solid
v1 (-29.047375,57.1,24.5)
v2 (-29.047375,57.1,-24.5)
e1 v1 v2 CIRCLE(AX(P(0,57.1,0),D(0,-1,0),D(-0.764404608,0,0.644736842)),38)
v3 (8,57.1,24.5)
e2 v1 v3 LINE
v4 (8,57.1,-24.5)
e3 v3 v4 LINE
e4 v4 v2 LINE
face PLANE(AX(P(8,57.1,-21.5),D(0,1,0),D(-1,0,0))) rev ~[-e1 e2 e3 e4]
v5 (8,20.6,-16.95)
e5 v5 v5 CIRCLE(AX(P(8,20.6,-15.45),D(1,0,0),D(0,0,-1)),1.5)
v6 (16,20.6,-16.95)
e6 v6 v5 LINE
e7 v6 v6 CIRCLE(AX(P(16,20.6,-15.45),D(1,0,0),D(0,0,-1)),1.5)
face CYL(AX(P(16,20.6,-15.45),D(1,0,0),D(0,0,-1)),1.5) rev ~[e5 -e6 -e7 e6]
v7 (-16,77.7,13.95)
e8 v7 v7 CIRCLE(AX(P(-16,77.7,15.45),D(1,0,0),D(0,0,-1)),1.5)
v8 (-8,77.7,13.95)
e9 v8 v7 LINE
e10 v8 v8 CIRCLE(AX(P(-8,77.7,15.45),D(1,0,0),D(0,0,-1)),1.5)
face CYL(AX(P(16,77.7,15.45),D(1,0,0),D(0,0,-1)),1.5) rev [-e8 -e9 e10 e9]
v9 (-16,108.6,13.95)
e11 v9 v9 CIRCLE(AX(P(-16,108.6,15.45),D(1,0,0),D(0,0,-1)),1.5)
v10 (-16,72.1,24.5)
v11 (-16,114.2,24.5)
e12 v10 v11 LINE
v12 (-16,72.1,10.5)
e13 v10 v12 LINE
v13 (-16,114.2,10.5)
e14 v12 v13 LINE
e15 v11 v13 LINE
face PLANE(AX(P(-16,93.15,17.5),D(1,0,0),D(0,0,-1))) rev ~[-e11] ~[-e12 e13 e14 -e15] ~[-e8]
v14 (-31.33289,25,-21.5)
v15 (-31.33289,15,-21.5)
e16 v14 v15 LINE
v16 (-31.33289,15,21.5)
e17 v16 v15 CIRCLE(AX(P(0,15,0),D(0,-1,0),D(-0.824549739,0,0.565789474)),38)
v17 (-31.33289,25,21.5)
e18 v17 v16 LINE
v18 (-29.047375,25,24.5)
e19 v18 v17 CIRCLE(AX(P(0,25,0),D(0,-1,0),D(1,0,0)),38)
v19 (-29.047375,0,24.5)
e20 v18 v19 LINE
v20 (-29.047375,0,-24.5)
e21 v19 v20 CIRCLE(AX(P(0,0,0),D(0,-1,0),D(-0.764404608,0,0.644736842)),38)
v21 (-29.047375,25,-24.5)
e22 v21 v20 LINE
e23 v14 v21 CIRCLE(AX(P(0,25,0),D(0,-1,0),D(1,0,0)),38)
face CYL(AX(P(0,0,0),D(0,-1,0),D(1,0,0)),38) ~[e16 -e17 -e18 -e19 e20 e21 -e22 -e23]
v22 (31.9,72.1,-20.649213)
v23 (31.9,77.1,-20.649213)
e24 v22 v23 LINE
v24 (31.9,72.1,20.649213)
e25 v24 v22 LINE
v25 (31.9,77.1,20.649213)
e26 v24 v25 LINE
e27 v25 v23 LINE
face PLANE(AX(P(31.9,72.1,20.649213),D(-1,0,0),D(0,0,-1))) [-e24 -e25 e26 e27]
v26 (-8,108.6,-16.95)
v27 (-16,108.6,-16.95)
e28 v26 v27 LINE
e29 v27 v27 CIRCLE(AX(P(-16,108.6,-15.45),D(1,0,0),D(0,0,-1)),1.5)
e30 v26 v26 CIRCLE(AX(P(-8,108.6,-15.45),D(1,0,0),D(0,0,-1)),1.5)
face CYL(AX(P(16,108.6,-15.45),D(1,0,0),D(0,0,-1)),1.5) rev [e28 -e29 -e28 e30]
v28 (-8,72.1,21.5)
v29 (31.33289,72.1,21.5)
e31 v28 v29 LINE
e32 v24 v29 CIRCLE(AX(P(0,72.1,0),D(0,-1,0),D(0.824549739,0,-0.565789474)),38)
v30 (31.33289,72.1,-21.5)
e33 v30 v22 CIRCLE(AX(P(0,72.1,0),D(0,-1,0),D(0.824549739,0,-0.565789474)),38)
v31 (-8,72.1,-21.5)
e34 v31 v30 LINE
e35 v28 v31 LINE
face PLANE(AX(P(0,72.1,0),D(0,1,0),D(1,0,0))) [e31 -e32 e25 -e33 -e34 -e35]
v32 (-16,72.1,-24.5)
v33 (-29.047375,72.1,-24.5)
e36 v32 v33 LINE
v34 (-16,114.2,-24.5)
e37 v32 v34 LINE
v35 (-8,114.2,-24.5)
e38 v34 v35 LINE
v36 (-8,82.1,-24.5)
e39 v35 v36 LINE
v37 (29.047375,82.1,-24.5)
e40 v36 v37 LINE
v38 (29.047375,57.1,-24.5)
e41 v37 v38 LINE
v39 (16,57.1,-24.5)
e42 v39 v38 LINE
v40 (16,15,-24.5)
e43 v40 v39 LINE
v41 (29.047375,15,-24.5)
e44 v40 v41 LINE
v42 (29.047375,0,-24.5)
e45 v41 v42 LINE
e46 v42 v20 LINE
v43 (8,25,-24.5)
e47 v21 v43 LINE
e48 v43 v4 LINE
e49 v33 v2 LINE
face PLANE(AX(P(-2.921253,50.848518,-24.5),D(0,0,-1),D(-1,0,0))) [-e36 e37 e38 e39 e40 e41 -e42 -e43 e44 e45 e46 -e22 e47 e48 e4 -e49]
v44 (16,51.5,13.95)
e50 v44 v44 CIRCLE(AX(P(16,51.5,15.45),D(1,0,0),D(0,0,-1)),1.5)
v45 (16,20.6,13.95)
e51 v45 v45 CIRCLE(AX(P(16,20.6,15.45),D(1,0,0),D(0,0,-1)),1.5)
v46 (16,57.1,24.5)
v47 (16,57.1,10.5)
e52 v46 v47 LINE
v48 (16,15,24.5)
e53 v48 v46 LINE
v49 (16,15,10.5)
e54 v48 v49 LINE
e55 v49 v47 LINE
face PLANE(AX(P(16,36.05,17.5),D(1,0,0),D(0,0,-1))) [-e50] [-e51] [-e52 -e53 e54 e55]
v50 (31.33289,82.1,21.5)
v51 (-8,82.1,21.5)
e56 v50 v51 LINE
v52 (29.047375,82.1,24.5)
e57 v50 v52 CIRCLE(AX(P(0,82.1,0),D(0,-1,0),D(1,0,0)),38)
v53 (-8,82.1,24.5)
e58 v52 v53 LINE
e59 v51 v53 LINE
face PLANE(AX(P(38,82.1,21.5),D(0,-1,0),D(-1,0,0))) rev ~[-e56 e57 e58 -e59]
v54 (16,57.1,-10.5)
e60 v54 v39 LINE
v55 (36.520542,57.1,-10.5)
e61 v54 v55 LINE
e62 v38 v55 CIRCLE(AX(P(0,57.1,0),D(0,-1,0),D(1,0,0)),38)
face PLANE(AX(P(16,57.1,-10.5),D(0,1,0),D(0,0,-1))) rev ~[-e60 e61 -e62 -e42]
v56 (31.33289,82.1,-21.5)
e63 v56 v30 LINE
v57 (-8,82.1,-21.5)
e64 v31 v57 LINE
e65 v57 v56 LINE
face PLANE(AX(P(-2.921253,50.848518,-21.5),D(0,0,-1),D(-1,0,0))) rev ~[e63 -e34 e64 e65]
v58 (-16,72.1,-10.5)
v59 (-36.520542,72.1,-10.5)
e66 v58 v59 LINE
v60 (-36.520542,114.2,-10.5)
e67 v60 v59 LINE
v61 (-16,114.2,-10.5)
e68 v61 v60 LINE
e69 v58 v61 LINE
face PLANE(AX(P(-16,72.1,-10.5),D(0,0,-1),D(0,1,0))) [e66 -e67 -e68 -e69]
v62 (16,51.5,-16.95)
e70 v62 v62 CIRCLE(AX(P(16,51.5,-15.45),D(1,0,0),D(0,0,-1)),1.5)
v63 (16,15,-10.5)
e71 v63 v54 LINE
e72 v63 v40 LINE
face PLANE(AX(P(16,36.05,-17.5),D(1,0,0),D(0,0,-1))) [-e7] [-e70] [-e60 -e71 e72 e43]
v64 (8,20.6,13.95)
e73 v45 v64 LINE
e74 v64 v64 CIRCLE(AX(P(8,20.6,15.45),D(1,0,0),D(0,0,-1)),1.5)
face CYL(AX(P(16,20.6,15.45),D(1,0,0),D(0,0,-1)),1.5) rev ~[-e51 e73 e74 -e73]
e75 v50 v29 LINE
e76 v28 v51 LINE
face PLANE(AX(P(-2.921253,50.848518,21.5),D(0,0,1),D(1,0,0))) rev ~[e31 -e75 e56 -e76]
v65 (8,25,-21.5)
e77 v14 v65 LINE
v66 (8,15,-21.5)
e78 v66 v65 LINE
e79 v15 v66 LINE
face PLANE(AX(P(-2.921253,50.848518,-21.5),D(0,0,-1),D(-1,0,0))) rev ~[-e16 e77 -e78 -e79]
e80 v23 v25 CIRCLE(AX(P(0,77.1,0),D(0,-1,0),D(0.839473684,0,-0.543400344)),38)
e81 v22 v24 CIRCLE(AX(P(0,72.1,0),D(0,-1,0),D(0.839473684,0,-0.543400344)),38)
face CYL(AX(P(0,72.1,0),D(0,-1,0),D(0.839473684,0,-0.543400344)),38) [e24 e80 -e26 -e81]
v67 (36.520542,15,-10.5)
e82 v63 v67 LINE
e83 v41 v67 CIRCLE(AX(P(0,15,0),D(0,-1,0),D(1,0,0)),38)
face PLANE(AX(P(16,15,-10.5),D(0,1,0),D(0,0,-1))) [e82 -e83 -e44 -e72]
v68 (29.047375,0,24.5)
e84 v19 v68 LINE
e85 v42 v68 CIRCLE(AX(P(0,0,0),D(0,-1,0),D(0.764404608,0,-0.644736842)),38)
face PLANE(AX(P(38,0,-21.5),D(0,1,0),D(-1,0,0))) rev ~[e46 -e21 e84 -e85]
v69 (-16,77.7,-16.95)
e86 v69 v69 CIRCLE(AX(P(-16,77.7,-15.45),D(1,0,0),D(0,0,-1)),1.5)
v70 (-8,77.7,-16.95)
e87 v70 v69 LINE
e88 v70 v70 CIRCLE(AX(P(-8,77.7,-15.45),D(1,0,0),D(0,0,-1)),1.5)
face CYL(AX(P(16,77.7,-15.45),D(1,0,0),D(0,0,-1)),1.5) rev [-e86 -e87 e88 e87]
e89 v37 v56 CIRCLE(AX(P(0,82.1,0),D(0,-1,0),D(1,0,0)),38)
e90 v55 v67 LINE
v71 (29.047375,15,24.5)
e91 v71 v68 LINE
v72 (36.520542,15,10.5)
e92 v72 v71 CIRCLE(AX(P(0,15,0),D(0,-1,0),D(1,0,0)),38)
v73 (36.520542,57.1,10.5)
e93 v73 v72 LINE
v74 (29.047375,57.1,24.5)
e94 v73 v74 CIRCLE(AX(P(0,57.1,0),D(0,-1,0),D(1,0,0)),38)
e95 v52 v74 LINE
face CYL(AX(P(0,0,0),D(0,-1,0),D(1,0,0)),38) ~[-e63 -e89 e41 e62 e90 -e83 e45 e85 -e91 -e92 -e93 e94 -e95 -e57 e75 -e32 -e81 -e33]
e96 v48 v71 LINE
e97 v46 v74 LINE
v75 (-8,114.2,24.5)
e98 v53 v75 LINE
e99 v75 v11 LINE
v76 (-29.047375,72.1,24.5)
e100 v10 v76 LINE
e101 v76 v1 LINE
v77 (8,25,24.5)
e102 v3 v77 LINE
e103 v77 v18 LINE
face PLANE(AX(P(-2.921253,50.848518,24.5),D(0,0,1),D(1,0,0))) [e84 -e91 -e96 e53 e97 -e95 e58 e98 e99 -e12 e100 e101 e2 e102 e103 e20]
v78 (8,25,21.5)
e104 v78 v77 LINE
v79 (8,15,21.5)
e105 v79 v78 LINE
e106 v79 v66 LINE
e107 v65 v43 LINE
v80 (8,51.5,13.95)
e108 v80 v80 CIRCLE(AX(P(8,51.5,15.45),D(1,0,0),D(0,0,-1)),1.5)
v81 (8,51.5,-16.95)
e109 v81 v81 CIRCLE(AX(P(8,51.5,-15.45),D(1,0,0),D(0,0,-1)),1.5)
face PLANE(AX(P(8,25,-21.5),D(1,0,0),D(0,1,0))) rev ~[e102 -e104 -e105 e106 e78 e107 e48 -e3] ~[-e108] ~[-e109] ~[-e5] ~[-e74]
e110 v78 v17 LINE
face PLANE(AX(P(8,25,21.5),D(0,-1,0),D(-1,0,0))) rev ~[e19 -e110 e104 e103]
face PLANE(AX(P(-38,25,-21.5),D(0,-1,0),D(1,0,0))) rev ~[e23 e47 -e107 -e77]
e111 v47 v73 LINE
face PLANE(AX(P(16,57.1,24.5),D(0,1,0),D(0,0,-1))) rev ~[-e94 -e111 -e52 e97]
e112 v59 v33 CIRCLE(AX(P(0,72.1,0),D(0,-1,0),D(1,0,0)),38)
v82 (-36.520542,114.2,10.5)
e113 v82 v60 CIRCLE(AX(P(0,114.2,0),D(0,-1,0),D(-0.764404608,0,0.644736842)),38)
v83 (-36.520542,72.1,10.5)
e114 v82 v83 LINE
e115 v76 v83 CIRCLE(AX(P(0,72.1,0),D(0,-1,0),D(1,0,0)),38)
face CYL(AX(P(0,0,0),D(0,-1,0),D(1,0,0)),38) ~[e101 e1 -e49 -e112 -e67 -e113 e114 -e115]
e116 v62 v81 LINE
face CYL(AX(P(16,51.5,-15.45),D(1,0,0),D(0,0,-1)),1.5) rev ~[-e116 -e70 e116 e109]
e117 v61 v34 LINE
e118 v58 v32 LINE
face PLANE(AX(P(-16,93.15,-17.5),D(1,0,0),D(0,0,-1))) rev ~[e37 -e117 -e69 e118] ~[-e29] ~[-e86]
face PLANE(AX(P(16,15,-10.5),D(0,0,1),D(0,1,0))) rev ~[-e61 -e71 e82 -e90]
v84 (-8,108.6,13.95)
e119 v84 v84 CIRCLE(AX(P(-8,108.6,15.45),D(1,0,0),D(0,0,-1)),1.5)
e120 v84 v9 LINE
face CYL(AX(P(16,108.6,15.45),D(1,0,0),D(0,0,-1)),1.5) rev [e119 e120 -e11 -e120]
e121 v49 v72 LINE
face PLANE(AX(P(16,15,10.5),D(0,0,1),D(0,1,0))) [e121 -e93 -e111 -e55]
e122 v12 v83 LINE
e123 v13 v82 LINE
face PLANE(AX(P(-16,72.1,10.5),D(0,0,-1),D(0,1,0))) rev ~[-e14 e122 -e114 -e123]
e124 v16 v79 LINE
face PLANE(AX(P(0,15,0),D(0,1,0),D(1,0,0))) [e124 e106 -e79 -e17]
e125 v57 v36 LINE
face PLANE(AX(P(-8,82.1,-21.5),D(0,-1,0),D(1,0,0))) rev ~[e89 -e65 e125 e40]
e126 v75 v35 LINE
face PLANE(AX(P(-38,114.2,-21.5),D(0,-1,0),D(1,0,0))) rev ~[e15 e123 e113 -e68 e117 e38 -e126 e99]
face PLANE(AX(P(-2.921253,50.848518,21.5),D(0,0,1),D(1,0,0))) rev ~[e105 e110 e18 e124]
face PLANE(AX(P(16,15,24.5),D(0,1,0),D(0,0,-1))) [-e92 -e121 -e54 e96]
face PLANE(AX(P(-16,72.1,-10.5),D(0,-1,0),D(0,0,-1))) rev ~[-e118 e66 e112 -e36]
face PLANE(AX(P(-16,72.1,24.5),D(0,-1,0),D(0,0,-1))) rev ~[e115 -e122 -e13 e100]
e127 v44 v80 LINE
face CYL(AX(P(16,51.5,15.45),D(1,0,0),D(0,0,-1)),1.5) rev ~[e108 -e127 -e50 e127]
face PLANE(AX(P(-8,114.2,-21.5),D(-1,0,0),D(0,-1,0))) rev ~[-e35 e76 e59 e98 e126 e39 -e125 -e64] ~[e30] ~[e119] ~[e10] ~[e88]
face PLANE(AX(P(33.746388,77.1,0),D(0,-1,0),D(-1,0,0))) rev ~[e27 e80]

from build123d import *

# Parameters (mm, degrees)
SKETCH1_W           = 76
SKETCH1_H           = 43
BOSS_EXTRUDE1_DEPTH = 15
SKETCH3_W           = 30
SKETCH3_H           = 43
BOSS_EXTRUDE2_DEPTH = 42.1
BOSS_EXTRUDE3_START = 42.1
SKETCH4_W           = 76
SKETCH4_H           = 43
BOSS_EXTRUDE3_DEPTH = 15
SKETCH5_W           = 30
SKETCH5_H           = 43
BOSS_EXTRUDE4_DEPTH = 42.1
BOSS_EXTRUDE5_DEPTH = 3
BOSS_EXTRUDE6_DEPTH = 3
SKETCH2_OUTSIDE_W   = 107.134
SKETCH2_OUTSIDE_H   = 80.134
SKETCH2_OUTSIDE_R   = 38
CUT_EXTRUDE1_DEPTH  = 123.82463108
BOSS_EXTRUDE7_DEPTH = 5
CUT_EXTRUDE2_START  = 16
SKETCH9_W           = 14
SKETCH9_H           = 42.1
CUT_EXTRUDE2_DEPTH  = 40
CUT_EXTRUDE3_START  = -8
SKETCH10_W          = 14
SKETCH10_H          = 42.1
CUT_EXTRUDE3_DEPTH  = 40
SKETCH11_R          = 1.5
CUT_EXTRUDE4_DEPTH  = 60


with BuildPart() as part:
    # Sketch1 → Boss-Extrude1 (new body)
    with BuildSketch(Plane(origin=(0, 0, 0), x_dir=(1, 0, 0), z_dir=(0, 1, 0))):
        Rectangle(SKETCH1_W, SKETCH1_H)
    extrude(amount=BOSS_EXTRUDE1_DEPTH)

    # Sketch3 → Boss-Extrude2 (add)
    with BuildSketch(Plane(origin=(0, 15, 0), x_dir=(1, 0, 0), z_dir=(0, 1, 0))):
        with Locations((23, 0)):
            Rectangle(SKETCH3_W, SKETCH3_H)
    extrude(amount=BOSS_EXTRUDE2_DEPTH)

    # Sketch4 → Boss-Extrude3 (add)
    with BuildSketch(Plane(origin=(0, 15, 0), x_dir=(1, 0, 0), z_dir=(0, 1, 0)).offset(BOSS_EXTRUDE3_START)):
        Rectangle(SKETCH4_W, SKETCH4_H)
    extrude(amount=BOSS_EXTRUDE3_DEPTH)

    # Sketch5 → Boss-Extrude4 (add)
    with BuildSketch(Plane(origin=(0, 72.1, 0), x_dir=(1, 0, 0), z_dir=(0, 1, 0))):
        with Locations((-23, 0)):
            Rectangle(SKETCH5_W, SKETCH5_H)
    extrude(amount=BOSS_EXTRUDE4_DEPTH)

    # Sketch6 → Boss-Extrude5 (add)
    with BuildSketch(Plane.XY.offset(21.5)):
        Polygon((-38, 0), (38, 0), (38, 82.1), (-8, 82.1), (-8, 114.2), (-38, 114.2), (-38, 57.1), (8, 57.1), (8, 25), (-38, 25), align=None)
    extrude(amount=BOSS_EXTRUDE5_DEPTH)

    # Sketch7 → Boss-Extrude6 (add)
    with BuildSketch(Plane(origin=(0, 0, -21.5), x_dir=(-1, 0, 0), z_dir=(0, 0, -1))):
        Polygon((-38, 0), (38, 0), (38, 15), (38, 25), (-8, 25), (-8, 57.1), (38, 57.1), (38, 114.2), (8, 114.2), (8, 82.1), (-38, 82.1), (-38, 72.1), align=None)
    extrude(amount=BOSS_EXTRUDE6_DEPTH)

    # Sketch2 outside → Cut-Extrude1 (cut, through all)
    with BuildSketch(Plane(origin=(0, 0, 0), x_dir=(1, 0, 0), z_dir=(0, 1, 0))):
        Rectangle(SKETCH2_OUTSIDE_W, SKETCH2_OUTSIDE_H)
        Circle(SKETCH2_OUTSIDE_R, mode=Mode.SUBTRACT)
    extrude(amount=CUT_EXTRUDE1_DEPTH, mode=Mode.SUBTRACT)

    # Sketch8 → Boss-Extrude7 (add)
    with BuildSketch(Plane(origin=(0, 72.1, 0), x_dir=(1, 0, 0), z_dir=(0, 1, 0))):
        with BuildLine():
            Line((31.9, -20.64921306), (31.9, 20.64921306))
            ThreePointArc((31.9, 20.64921306), (38, 0), (31.9, -20.64921306))
        make_face()
    extrude(amount=BOSS_EXTRUDE7_DEPTH)

    # Sketch9 → Cut-Extrude2 (cut)
    with BuildSketch(Plane(origin=(0, 0, 0), x_dir=(0, 0, -1), z_dir=(1, 0, 0)).offset(CUT_EXTRUDE2_START)):
        with Locations((-17.5, 36.05)):
            Rectangle(SKETCH9_W, SKETCH9_H)
        with Locations((17.5, 36.05)):
            Rectangle(SKETCH9_W, SKETCH9_H)
    extrude(amount=CUT_EXTRUDE2_DEPTH, mode=Mode.SUBTRACT)

    # Sketch10 → Cut-Extrude3 (cut)
    with BuildSketch(Plane(origin=(-8, 0, 0), x_dir=(0, 0, -1), z_dir=(1, 0, 0)).offset(CUT_EXTRUDE3_START)):
        with Locations((-17.5, 93.15)):
            Rectangle(SKETCH10_W, SKETCH10_H)
        with Locations((17.5, 93.15)):
            Rectangle(SKETCH10_W, SKETCH10_H)
    extrude(amount=-CUT_EXTRUDE3_DEPTH, mode=Mode.SUBTRACT)

    # Sketch11 → Cut-Extrude4 (cut)
    with BuildSketch(Plane(origin=(16, 0, 0), x_dir=(0, 0, -1), z_dir=(1, 0, 0))):
        with Locations((-15.45, 20.6)):
            Circle(SKETCH11_R)
        with Locations((15.45, 20.6)):
            Circle(SKETCH11_R)
        with Locations((15.45, 51.5)):
            Circle(SKETCH11_R)
        with Locations((-15.45, 51.5)):
            Circle(SKETCH11_R)
    cut_extrude4 = extrude(amount=-CUT_EXTRUDE4_DEPTH, mode=Mode.SUBTRACT)

    # Mirror1: Cut-Extrude4 across plane
    add(cut_extrude4.mirror(Plane.ZX.offset(64.6)), mode=Mode.SUBTRACT)


solid = part.part
